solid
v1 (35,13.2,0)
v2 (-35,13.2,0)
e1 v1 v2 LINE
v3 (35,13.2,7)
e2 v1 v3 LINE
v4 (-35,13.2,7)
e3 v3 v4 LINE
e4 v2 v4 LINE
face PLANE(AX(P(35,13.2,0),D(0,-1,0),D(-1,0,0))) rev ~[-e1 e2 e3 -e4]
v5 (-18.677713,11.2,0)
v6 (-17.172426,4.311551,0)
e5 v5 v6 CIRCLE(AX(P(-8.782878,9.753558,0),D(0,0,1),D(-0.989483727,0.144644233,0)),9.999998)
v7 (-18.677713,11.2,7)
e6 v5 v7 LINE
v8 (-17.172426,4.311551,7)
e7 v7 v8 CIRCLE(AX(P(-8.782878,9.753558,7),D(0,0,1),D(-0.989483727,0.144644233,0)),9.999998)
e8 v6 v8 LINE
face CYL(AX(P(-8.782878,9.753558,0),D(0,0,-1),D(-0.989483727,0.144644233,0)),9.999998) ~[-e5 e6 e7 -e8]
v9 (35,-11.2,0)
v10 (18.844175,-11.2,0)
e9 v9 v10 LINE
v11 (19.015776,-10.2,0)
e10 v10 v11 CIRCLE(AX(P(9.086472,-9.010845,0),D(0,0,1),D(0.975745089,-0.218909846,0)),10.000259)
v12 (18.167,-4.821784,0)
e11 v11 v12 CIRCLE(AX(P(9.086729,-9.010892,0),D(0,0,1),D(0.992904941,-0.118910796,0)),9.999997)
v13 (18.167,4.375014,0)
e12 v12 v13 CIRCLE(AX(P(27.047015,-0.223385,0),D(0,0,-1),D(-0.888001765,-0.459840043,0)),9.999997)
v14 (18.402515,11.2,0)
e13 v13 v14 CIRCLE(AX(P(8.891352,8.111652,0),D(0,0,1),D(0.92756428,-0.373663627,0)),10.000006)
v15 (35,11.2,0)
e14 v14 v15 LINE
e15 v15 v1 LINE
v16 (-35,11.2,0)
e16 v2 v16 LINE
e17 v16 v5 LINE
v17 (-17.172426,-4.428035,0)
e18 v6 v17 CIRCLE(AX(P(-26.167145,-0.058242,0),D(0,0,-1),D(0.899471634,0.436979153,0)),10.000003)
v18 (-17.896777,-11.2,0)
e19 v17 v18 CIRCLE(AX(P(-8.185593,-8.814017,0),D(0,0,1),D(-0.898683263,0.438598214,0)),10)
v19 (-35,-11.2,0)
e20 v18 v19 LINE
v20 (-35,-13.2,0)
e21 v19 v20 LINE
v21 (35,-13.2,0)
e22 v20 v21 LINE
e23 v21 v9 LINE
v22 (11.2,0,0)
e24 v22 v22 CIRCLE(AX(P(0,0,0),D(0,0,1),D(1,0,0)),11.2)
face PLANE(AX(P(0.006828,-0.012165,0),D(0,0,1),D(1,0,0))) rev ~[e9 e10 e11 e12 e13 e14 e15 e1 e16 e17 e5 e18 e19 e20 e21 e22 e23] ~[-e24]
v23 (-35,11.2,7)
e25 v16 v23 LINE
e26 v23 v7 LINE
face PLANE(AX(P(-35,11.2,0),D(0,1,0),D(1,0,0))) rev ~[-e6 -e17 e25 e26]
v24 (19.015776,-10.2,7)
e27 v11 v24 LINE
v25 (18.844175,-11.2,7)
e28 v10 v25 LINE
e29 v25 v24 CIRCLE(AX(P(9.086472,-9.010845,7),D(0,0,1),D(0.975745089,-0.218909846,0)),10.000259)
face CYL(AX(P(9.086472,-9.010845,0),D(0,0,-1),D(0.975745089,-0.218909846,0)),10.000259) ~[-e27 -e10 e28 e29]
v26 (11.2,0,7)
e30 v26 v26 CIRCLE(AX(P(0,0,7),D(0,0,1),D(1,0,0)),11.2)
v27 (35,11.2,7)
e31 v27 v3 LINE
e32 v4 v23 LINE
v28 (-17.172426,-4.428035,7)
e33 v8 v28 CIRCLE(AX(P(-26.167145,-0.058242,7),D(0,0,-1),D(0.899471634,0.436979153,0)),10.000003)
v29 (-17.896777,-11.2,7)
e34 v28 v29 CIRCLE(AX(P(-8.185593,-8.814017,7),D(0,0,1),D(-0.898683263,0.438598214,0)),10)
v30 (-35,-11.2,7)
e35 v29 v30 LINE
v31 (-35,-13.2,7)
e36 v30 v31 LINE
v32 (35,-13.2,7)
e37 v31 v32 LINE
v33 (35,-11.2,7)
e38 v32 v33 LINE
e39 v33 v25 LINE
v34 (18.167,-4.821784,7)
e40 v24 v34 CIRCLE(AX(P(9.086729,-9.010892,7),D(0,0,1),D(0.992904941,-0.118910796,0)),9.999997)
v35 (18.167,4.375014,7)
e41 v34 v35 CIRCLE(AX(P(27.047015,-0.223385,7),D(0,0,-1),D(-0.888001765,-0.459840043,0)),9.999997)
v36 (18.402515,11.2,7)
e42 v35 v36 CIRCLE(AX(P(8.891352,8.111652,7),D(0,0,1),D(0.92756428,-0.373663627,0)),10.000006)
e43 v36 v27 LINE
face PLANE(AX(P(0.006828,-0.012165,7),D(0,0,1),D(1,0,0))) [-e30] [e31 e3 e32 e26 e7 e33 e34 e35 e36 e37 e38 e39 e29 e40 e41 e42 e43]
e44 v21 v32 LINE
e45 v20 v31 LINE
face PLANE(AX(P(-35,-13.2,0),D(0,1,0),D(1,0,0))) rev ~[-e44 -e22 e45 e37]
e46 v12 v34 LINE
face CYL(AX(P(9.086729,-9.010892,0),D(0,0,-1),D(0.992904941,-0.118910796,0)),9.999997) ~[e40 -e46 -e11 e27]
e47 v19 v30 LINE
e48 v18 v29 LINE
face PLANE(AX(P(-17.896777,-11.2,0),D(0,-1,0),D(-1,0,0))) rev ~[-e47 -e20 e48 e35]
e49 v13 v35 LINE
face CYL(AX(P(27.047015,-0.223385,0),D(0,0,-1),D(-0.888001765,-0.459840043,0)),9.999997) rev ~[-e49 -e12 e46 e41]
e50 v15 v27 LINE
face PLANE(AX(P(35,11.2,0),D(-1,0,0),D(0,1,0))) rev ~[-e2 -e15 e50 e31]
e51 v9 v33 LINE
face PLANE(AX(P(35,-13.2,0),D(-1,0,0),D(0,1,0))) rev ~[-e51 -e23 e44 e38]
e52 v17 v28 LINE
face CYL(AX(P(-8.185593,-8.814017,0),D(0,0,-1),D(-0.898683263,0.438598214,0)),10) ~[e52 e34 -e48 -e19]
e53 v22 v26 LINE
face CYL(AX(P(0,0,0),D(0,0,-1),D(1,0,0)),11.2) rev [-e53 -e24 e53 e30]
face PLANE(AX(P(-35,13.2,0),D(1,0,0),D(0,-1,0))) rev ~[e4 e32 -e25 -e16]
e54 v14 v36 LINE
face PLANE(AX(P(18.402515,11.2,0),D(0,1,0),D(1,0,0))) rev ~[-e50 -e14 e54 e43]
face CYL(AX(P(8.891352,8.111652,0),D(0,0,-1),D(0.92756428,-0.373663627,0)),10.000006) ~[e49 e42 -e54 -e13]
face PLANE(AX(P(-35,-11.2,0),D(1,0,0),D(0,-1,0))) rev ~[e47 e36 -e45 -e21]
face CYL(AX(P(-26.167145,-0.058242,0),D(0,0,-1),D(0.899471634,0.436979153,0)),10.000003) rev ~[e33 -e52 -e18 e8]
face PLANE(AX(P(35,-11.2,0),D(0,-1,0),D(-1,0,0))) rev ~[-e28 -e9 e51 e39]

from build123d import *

# Parameters (mm, degrees)
F0_R     = 11.2
F1_DEPTH = 7


with BuildPart() as f1:
    # F0 (on Top) → F1 (new body)
    with BuildSketch(Plane.XY):
        with BuildLine():
            Line((-35, 11.2), (-18.677713, 11.2))
            ThreePointArc((-18.677713, 11.2), (-18.552338, 7.618703), (-17.172426, 4.311551))
            ThreePointArc((-17.172426, 4.311551), (-16.167142, -0.058242), (-17.172426, -4.428035))
            ThreePointArc((-17.172426, -4.428035), (-18.128874, -7.750452), (-17.896777, -11.2))
            Line((-17.896777, -11.2), (-35, -11.2))
            Line((-35, -11.2), (-35, -13.2))
            Line((-35, -13.2), (-17.172426, -13.2))
            Line((-17.172426, -13.2), (18.167, -13.2))
            Line((18.167, -13.2), (35, -13.2))
            Line((35, -13.2), (35, -11.2))
            Line((35, -11.2), (18.844175, -11.2))
            ThreePointArc((18.844175, -11.2), (18.942666, -10.702178), (19.015776, -10.2))
            ThreePointArc((19.015776, -10.2), (18.964474, -7.452013), (18.167, -4.821784))
            ThreePointArc((18.167, -4.821784), (17.047018, -0.223385), (18.167, 4.375014))
            ThreePointArc((18.167, 4.375014), (18.885409, 7.76678), (18.402515, 11.2))
            Line((18.402515, 11.2), (35, 11.2))
            Line((35, 11.2), (35, 13.2))
            Line((35, 13.2), (17.5, 13.2))
            Line((17.5, 13.2), (-18.17021, 13.2))
            Line((-18.17021, 13.2), (-35, 13.2))
            Line((-35, 13.2), (-35, 11.2))
        make_face()
        Circle(F0_R, mode=Mode.SUBTRACT)
    extrude(amount=F1_DEPTH)


solid = f1.part
